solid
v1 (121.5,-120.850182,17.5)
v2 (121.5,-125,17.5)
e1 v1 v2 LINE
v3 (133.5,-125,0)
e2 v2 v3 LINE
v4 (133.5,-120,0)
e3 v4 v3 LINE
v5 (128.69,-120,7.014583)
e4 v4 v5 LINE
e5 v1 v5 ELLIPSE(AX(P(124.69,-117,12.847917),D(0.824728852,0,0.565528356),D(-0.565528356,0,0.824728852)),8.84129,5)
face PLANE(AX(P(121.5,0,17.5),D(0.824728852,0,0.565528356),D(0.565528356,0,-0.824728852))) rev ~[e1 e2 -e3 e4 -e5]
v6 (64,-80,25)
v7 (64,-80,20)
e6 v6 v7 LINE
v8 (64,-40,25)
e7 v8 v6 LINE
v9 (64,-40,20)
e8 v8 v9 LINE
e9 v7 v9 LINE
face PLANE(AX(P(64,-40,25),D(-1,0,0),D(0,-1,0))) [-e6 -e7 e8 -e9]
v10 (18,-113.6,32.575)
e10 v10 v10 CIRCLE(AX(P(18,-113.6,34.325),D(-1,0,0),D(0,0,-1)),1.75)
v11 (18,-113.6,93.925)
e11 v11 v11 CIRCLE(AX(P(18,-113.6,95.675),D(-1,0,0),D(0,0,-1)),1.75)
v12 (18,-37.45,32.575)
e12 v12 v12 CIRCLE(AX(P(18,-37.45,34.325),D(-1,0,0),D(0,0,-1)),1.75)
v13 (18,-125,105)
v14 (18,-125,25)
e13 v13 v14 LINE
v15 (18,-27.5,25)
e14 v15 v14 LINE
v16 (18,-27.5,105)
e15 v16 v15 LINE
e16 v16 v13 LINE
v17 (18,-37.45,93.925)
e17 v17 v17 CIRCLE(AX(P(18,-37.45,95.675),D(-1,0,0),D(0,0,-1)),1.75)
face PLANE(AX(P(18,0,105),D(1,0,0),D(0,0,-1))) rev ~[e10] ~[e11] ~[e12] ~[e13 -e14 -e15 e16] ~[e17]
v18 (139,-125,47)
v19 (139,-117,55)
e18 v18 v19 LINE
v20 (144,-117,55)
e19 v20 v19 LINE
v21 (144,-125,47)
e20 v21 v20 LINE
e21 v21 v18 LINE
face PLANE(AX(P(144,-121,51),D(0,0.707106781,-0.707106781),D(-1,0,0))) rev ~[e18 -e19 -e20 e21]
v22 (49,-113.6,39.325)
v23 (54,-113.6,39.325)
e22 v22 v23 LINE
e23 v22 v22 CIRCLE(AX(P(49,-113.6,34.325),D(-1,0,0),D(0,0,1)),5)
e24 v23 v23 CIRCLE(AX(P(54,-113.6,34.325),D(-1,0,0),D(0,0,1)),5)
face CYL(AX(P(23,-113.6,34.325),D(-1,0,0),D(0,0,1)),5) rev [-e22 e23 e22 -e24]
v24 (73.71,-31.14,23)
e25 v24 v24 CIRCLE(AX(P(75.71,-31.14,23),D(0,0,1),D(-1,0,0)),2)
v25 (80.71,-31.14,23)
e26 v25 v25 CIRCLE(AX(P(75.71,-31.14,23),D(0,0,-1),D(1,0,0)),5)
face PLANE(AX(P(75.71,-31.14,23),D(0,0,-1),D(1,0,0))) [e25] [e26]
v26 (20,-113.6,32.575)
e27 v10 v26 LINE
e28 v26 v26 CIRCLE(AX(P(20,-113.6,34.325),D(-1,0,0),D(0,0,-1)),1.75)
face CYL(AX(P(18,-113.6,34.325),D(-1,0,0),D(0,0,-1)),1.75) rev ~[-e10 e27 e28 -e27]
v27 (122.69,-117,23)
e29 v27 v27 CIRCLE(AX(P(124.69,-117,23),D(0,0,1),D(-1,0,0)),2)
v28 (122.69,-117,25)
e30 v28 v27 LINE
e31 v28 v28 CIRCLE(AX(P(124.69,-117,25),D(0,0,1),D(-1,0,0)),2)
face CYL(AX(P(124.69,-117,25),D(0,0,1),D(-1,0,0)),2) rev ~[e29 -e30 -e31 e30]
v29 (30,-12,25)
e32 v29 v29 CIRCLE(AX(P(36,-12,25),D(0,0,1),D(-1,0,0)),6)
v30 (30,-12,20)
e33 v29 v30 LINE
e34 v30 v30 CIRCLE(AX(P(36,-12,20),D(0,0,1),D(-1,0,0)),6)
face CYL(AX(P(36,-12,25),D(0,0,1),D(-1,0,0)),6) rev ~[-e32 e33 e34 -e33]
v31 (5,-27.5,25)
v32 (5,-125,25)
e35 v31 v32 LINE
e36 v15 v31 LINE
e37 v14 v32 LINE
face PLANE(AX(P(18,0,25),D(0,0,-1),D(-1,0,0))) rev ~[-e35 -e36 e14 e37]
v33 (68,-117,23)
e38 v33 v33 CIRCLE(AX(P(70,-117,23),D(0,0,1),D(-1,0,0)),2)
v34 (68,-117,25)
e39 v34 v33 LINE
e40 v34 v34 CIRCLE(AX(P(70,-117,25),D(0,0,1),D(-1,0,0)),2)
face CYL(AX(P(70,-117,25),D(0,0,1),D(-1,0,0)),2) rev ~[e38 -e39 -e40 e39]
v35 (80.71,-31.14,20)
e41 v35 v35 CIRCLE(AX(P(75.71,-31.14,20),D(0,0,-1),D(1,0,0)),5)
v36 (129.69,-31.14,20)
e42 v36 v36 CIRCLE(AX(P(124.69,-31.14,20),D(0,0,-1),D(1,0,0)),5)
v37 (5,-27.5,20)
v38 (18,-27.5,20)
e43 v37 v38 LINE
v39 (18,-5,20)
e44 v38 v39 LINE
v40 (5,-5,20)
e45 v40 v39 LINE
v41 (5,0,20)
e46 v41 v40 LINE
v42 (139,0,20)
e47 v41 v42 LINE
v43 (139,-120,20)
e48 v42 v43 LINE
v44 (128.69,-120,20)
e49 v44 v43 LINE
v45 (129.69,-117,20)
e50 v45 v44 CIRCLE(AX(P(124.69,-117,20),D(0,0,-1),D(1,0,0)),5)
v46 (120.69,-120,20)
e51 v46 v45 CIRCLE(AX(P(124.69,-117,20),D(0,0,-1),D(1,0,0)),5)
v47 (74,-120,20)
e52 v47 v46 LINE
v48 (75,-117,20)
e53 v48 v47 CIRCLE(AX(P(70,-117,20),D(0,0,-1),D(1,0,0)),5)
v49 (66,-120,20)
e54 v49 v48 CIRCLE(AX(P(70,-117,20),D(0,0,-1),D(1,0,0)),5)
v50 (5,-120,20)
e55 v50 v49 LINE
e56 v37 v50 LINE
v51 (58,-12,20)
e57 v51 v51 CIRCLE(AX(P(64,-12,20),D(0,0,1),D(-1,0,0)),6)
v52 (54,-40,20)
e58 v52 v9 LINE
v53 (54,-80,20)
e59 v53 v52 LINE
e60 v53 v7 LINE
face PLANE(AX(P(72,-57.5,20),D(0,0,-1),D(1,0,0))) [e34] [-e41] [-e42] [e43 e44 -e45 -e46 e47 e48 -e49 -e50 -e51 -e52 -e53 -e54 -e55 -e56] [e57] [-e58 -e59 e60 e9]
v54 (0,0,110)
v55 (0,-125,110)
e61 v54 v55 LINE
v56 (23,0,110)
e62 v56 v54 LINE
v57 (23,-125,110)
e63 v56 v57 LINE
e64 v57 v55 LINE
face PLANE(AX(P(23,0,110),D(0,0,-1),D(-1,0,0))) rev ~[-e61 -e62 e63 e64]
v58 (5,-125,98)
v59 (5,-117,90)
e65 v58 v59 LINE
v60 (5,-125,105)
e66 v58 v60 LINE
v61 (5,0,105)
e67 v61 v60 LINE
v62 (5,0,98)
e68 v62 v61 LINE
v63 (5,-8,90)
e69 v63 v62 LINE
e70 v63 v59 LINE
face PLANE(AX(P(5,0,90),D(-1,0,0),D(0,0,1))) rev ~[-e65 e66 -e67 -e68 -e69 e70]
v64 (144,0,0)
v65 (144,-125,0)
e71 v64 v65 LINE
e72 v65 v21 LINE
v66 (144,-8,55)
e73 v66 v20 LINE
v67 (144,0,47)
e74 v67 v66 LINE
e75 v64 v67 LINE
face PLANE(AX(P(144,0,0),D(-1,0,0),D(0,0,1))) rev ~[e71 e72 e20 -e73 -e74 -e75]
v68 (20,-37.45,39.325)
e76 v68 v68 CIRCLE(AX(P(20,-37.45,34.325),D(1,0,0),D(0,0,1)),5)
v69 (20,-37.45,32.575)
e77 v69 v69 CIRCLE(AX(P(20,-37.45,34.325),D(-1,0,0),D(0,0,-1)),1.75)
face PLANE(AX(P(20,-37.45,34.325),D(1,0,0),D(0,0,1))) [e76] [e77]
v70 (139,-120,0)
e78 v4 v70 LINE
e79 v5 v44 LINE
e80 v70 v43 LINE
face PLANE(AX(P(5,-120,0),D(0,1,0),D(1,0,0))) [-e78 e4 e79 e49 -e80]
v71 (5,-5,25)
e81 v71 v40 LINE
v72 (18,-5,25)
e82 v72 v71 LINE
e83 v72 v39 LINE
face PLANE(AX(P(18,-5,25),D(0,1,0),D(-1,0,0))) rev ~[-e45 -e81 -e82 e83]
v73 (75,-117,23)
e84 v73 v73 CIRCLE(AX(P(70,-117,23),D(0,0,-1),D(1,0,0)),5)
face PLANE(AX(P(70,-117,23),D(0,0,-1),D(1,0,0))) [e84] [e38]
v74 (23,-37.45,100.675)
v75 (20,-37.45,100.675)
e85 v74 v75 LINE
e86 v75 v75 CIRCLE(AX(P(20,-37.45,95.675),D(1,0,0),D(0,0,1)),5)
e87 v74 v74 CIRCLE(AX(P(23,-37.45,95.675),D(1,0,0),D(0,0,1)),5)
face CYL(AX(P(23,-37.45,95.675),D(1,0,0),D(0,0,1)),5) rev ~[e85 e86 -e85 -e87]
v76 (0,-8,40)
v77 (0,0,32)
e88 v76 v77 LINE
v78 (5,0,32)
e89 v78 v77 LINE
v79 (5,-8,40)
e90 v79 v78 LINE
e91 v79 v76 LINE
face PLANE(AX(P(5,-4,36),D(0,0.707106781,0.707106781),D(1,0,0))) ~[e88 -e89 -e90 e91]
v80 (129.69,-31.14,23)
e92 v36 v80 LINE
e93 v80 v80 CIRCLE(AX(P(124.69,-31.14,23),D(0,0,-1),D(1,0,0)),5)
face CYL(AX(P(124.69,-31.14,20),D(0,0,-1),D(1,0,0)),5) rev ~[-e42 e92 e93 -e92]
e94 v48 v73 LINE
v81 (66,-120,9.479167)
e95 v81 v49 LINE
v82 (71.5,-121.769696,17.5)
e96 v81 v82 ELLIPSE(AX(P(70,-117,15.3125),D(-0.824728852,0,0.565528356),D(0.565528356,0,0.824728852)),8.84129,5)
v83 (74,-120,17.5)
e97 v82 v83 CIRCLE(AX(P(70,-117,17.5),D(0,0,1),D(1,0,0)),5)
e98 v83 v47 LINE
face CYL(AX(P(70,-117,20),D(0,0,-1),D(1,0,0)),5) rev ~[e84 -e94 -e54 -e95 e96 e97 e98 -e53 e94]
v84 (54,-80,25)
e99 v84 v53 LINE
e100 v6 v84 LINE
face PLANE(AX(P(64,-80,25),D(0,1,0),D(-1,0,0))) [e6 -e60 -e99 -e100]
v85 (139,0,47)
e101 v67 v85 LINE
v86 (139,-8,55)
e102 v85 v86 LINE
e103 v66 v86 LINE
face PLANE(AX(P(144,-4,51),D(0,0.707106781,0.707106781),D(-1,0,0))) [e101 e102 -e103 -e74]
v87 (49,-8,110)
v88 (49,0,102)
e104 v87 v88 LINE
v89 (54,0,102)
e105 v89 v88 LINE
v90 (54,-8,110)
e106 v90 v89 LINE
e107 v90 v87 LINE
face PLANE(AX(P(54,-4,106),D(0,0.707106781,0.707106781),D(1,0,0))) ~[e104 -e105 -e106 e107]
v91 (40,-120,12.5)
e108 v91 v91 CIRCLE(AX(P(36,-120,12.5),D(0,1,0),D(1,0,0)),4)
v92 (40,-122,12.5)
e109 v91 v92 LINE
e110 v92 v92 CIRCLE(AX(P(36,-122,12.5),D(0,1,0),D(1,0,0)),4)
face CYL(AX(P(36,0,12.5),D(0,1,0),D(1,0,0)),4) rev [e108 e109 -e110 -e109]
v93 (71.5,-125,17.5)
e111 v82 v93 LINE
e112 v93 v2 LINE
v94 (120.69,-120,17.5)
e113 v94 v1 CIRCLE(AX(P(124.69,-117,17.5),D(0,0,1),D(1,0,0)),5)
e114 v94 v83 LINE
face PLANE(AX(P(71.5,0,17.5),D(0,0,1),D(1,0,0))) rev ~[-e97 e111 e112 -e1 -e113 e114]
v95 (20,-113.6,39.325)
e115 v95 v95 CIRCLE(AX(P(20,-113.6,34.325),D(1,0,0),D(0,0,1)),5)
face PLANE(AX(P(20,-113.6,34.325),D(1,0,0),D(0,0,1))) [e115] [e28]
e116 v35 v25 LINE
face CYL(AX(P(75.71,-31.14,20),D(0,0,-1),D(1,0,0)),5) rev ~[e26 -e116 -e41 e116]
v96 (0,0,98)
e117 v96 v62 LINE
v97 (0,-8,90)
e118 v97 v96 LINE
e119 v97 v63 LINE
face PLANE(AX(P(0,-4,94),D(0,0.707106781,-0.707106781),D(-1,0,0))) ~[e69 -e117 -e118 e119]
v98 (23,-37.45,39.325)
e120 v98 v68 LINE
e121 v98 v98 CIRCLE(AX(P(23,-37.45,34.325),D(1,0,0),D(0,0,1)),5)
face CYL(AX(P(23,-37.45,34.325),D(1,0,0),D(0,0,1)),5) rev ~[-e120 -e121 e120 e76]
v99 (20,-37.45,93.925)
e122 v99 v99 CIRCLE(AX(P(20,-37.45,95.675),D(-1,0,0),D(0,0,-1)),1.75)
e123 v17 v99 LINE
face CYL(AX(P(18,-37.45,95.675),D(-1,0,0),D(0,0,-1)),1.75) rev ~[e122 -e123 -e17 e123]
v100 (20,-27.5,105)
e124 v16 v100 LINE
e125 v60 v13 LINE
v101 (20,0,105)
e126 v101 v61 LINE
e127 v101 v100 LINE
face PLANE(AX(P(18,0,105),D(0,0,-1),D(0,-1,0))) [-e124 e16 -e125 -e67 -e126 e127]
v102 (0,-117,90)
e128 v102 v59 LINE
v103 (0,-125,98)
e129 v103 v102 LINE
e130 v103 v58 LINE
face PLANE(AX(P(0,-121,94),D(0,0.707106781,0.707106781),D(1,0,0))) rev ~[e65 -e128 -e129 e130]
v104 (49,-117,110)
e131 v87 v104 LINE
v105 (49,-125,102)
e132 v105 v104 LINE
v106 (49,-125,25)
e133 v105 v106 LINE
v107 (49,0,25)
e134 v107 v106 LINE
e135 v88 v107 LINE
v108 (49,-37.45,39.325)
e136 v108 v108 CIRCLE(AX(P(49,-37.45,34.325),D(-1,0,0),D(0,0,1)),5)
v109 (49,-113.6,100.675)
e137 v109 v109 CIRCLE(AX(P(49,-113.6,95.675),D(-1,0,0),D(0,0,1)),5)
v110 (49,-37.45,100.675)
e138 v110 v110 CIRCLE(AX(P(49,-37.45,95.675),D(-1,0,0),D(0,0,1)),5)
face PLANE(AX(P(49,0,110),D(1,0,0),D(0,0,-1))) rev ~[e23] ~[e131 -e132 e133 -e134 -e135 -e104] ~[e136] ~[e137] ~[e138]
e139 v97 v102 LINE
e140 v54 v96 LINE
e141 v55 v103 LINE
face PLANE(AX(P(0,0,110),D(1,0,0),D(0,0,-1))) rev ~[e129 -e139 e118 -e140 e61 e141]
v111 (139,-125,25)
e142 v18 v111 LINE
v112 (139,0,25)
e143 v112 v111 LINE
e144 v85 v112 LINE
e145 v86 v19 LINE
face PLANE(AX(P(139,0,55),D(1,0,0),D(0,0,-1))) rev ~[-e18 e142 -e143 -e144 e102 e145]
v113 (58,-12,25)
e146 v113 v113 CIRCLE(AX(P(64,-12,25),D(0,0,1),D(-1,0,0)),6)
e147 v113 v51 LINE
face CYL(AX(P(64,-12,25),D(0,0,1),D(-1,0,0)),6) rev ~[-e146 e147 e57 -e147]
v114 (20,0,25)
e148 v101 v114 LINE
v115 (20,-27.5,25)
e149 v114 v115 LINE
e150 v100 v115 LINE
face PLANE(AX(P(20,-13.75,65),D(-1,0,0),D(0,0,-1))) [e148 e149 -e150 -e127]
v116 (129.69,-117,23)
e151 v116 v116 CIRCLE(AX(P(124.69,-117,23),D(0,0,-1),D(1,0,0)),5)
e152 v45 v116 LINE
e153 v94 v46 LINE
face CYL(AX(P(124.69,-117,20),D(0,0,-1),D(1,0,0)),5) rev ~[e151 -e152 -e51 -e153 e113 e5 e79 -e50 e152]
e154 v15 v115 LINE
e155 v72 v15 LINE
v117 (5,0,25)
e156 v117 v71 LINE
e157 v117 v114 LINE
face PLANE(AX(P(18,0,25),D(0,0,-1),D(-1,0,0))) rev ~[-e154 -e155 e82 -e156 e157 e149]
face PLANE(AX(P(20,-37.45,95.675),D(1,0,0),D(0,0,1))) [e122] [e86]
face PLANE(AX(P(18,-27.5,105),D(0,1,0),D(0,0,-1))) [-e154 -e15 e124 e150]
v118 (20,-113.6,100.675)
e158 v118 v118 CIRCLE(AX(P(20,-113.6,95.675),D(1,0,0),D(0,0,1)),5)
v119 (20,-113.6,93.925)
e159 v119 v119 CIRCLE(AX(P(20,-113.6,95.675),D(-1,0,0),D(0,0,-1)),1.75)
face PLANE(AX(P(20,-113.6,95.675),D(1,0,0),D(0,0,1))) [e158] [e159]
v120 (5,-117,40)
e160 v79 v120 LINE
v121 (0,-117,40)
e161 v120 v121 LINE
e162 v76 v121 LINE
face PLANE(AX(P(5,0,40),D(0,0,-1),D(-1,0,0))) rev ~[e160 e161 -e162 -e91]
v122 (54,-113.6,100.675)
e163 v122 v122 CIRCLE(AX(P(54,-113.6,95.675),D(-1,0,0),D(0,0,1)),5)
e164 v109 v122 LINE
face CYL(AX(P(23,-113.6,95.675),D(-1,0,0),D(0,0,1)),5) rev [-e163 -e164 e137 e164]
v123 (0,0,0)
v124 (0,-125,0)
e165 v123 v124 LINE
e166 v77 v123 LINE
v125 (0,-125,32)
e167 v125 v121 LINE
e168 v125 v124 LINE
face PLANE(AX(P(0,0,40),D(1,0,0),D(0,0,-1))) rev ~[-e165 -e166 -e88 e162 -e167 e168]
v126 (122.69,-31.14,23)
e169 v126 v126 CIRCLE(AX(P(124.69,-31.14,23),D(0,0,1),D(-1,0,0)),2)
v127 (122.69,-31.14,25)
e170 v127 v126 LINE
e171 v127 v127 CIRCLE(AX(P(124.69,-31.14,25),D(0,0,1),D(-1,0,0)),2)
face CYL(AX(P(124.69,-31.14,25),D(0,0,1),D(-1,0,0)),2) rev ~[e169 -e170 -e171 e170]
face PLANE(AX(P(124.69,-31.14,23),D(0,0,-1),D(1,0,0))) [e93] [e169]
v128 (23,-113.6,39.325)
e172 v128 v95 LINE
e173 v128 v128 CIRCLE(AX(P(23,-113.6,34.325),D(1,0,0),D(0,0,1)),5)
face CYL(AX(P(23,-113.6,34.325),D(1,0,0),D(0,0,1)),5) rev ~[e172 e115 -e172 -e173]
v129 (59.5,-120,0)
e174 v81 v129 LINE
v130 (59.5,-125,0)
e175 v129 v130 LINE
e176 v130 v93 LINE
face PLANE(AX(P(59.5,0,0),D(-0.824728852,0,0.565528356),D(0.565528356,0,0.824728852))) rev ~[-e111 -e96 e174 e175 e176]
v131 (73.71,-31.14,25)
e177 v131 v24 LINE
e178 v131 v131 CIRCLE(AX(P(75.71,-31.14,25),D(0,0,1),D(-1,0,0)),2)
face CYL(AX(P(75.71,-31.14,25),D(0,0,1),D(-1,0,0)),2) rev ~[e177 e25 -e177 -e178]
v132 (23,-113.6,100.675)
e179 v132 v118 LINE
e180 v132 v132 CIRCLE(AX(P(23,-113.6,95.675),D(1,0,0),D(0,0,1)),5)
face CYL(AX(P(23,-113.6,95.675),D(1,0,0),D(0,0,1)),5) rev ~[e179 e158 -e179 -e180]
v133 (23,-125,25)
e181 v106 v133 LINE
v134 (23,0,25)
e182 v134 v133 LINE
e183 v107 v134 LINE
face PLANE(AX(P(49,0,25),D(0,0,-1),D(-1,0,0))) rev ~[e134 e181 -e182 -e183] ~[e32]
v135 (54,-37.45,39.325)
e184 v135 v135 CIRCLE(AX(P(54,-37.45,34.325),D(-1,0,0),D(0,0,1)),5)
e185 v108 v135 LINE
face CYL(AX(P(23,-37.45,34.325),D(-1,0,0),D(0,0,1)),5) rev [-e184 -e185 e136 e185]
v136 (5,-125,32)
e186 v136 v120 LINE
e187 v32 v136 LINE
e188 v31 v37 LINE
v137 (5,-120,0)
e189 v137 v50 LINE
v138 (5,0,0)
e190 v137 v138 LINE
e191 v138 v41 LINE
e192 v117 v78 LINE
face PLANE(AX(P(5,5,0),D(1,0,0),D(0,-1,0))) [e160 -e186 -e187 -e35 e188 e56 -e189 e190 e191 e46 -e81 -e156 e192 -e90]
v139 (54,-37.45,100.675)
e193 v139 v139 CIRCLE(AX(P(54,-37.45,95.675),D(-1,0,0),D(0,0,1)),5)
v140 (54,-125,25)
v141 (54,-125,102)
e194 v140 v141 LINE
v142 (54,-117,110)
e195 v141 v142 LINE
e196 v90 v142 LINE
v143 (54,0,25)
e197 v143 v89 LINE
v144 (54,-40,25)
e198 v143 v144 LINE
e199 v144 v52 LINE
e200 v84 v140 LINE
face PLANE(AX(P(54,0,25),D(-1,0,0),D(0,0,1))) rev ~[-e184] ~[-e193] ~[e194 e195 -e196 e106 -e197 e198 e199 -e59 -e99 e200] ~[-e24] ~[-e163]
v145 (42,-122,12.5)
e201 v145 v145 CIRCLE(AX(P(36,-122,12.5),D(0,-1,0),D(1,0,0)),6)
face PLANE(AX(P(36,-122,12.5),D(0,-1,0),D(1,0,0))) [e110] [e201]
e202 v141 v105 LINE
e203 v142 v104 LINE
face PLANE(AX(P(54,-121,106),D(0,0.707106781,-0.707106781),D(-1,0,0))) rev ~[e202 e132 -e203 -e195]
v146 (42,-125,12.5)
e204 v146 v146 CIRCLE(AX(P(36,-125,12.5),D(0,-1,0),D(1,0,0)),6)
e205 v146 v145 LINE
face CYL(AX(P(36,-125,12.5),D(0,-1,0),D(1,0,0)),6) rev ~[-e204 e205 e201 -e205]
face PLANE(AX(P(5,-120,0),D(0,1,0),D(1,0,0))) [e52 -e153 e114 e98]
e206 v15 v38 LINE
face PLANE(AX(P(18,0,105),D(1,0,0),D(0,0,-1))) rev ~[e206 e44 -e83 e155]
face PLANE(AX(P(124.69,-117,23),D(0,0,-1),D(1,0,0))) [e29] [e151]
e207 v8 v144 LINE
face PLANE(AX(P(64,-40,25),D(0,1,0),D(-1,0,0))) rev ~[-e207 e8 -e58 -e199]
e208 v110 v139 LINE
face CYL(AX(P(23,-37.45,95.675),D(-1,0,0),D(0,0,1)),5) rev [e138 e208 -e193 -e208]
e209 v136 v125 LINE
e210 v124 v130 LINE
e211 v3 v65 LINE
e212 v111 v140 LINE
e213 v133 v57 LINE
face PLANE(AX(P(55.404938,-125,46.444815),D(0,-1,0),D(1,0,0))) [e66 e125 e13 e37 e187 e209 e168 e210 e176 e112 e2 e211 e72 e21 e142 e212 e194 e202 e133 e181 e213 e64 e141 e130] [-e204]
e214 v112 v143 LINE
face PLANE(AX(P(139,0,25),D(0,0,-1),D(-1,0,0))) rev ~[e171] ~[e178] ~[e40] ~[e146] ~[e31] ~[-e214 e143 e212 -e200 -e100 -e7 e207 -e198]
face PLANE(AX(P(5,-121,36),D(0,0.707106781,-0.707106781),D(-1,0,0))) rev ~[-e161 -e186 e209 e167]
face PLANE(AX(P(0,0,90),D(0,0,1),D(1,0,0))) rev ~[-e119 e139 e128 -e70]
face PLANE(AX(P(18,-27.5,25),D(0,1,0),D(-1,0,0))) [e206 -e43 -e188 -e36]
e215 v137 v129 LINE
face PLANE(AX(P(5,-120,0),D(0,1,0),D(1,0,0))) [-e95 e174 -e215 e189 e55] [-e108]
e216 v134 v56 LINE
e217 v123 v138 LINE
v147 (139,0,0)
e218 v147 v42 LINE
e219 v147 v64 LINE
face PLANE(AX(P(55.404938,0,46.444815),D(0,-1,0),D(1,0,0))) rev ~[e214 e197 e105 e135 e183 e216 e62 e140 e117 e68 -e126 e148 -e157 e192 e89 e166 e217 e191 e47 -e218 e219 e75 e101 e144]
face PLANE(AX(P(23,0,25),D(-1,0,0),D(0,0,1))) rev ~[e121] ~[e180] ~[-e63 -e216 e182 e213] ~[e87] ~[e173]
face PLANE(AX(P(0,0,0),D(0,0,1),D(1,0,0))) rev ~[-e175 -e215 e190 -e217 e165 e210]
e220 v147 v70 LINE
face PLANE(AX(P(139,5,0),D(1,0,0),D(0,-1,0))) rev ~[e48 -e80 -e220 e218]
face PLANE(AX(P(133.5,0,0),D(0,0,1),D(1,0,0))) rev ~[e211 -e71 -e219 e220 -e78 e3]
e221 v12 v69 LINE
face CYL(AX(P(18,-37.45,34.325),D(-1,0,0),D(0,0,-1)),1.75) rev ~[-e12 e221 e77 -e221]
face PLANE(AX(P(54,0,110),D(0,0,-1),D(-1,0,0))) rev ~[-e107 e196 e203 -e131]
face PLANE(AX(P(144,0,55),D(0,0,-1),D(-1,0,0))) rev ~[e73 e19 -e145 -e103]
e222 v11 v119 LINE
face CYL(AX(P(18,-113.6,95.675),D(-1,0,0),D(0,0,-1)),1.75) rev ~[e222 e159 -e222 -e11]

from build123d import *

# Parameters (mm, degrees)
SKETCH_R             = 4
PAD_DEPTH            = 125
SKETCH022_W          = 134
SKETCH022_H          = 125
POCKET_DEPTH         = 20
SKETCH023_R          = 6
POCKET006_DEPTH      = 3
SKETCH015_R          = 1.75
POCKET007_DEPTH      = 6
SKETCH036_R          = 5
POCKET008_DEPTH      = 3
POCKET008_DEPTH_BACK = 100
SKETCH018_R          = 2
POCKET009_DEPTH      = 25.001
SKETCH037_R          = 5
POCKET010_DEPTH      = 3
POCKET010_DEPTH_BACK = 100
SKETCH026_R          = 6
SKETCH026_W          = 10
SKETCH026_H          = 40
SKETCH026_W_2        = 13
SKETCH026_H_2        = 22.5
POCKET011_DEPTH      = 25.001
SKETCH035_W          = 80
SKETCH035_H          = 27.5
POCKET012_DEPTH      = 2
CHAMFER_SIZE         = 8


with BuildPart() as part:
    # Sketch → Pad (new body)
    with BuildSketch(Plane.XZ):
        Polygon((144, 0), (144, 55), (139, 55), (139, 25), (54, 25), (54, 110), (49, 110), (49, 25), (23, 25), (23, 110), (0, 110), (0, 90), (5, 90), (5, 105), (18, 105), (18, 25), (5, 25), (5, 40), (0, 40), (0, 0), (59.5, 0), (71.5, 17.5), (121.5, 17.5), (133.5, 0), align=None)
        with Locations((36, 12.5)):
            Circle(SKETCH_R, mode=Mode.SUBTRACT)
    extrude(amount=PAD_DEPTH)

    # Sketch022 (on Face20 of Pad) → Pocket (cut)
    with BuildSketch(Plane(origin=(0, 0, 0), x_dir=(1, 0, 0), z_dir=(0, 0, -1))):
        with Locations((72, 57.5)):
            Rectangle(SKETCH022_W, SKETCH022_H)
    extrude(amount=-POCKET_DEPTH, mode=Mode.SUBTRACT)

    # Sketch023 (on Face5 of Pocket) → Pocket006 (cut)
    with BuildSketch(Plane.XZ.offset(125)):
        with Locations((36, 12.5)):
            Circle(SKETCH023_R)
    extrude(amount=-POCKET006_DEPTH, mode=Mode.SUBTRACT)

    # Sketch015 (on Face17 of Pocket006) → Pocket007 (cut)
    with BuildSketch(Plane(origin=(18, 0, 0), x_dir=(0, 0, -1), z_dir=(-1, 0, 0))):
        with Locations((-95.675, 113.6)):
            Circle(SKETCH015_R)
        with Locations((-34.325, 113.6)):
            Circle(SKETCH015_R)
        with Locations((-34.325, 37.45)):
            Circle(SKETCH015_R)
        with Locations((-95.675, 37.45)):
            Circle(SKETCH015_R)
    extrude(amount=-POCKET007_DEPTH, mode=Mode.SUBTRACT)

    # Sketch036 (on Face23 of Pocket007) → Pocket008 (cut, two sides)
    with BuildSketch(Plane(origin=(23, 0, 0), x_dir=(0, 0, 1), z_dir=(1, 0, 0))) as pocket008_sk:
        with Locations((95.675, 113.6)):
            Circle(SKETCH036_R)
        with Locations((34.325, 113.6)):
            Circle(SKETCH036_R)
        with Locations((34.325, 37.45)):
            Circle(SKETCH036_R)
        with Locations((95.675, 37.45)):
            Circle(SKETCH036_R)
    extrude(amount=-POCKET008_DEPTH, mode=Mode.SUBTRACT)
    extrude(pocket008_sk.sketch, amount=POCKET008_DEPTH_BACK, mode=Mode.SUBTRACT)

    # Sketch018 (on Face28 of Pocket008) → Pocket009 (cut, through all)
    with BuildSketch(Plane(origin=(0, 0, 25), x_dir=(-1, 0, 0), z_dir=(0, 0, 1))):
        with Locations((-124.69, 117)):
            Circle(SKETCH018_R)
        with Locations((-70, 117)):
            Circle(SKETCH018_R)
        with Locations((-124.69, 31.14)):
            Circle(SKETCH018_R)
        with Locations((-75.71, 31.14)):
            Circle(SKETCH018_R)
    extrude(amount=-POCKET009_DEPTH, mode=Mode.SUBTRACT)

    # Sketch037 (on Face10 of Pocket009) → Pocket010 (cut, two sides)
    with BuildSketch(Plane(origin=(0, 0, 20), x_dir=(1, 0, 0), z_dir=(0, 0, -1))) as pocket010_sk:
        with Locations((70, 117)):
            Circle(SKETCH037_R)
        with Locations((124.69, 117)):
            Circle(SKETCH037_R)
        with Locations((75.71, 31.14)):
            Circle(SKETCH037_R)
        with Locations((124.69, 31.14)):
            Circle(SKETCH037_R)
    extrude(amount=-POCKET010_DEPTH, mode=Mode.SUBTRACT)
    extrude(pocket010_sk.sketch, amount=POCKET010_DEPTH_BACK, mode=Mode.SUBTRACT)

    # Sketch026 (on Face28 of Pocket010) → Pocket011 (cut, through all)
    with BuildSketch(Plane(origin=(0, 0, 25), x_dir=(-1, 0, 0), z_dir=(0, 0, 1))):
        with Locations((-36, 12)):
            Circle(SKETCH026_R)
        with Locations((-64, 12)):
            Circle(SKETCH026_R)
        with Locations((-59, 60)):
            Rectangle(SKETCH026_W, SKETCH026_H)
        with Locations((-11.5, 16.25)):
            Rectangle(SKETCH026_W_2, SKETCH026_H_2)
    extrude(amount=-POCKET011_DEPTH, mode=Mode.SUBTRACT)

    # Sketch035 (on Face17 of Pocket011) → Pocket012 (cut)
    with BuildSketch(Plane(origin=(18, 0, 0), x_dir=(0, 0, -1), z_dir=(-1, 0, 0))):
        with Locations((-65, 13.75)):
            Rectangle(SKETCH035_W, SKETCH035_H)
    extrude(amount=-POCKET012_DEPTH, mode=Mode.SUBTRACT)

    # Chamfer
    chamfer_edges = [part.edges().sort_by_distance(p)[0] for p in [
        (51.5, -125, 110),
        (2.5, -125, 90),
        (2.5, -125, 40),
        (141.5, -125, 55),
        (141.5, 0, 55),
        (2.5, 0, 40),
        (2.5, 0, 90),
        (51.5, 0, 110),
    ]]
    chamfer(chamfer_edges, length=CHAMFER_SIZE)


solid = part.part
